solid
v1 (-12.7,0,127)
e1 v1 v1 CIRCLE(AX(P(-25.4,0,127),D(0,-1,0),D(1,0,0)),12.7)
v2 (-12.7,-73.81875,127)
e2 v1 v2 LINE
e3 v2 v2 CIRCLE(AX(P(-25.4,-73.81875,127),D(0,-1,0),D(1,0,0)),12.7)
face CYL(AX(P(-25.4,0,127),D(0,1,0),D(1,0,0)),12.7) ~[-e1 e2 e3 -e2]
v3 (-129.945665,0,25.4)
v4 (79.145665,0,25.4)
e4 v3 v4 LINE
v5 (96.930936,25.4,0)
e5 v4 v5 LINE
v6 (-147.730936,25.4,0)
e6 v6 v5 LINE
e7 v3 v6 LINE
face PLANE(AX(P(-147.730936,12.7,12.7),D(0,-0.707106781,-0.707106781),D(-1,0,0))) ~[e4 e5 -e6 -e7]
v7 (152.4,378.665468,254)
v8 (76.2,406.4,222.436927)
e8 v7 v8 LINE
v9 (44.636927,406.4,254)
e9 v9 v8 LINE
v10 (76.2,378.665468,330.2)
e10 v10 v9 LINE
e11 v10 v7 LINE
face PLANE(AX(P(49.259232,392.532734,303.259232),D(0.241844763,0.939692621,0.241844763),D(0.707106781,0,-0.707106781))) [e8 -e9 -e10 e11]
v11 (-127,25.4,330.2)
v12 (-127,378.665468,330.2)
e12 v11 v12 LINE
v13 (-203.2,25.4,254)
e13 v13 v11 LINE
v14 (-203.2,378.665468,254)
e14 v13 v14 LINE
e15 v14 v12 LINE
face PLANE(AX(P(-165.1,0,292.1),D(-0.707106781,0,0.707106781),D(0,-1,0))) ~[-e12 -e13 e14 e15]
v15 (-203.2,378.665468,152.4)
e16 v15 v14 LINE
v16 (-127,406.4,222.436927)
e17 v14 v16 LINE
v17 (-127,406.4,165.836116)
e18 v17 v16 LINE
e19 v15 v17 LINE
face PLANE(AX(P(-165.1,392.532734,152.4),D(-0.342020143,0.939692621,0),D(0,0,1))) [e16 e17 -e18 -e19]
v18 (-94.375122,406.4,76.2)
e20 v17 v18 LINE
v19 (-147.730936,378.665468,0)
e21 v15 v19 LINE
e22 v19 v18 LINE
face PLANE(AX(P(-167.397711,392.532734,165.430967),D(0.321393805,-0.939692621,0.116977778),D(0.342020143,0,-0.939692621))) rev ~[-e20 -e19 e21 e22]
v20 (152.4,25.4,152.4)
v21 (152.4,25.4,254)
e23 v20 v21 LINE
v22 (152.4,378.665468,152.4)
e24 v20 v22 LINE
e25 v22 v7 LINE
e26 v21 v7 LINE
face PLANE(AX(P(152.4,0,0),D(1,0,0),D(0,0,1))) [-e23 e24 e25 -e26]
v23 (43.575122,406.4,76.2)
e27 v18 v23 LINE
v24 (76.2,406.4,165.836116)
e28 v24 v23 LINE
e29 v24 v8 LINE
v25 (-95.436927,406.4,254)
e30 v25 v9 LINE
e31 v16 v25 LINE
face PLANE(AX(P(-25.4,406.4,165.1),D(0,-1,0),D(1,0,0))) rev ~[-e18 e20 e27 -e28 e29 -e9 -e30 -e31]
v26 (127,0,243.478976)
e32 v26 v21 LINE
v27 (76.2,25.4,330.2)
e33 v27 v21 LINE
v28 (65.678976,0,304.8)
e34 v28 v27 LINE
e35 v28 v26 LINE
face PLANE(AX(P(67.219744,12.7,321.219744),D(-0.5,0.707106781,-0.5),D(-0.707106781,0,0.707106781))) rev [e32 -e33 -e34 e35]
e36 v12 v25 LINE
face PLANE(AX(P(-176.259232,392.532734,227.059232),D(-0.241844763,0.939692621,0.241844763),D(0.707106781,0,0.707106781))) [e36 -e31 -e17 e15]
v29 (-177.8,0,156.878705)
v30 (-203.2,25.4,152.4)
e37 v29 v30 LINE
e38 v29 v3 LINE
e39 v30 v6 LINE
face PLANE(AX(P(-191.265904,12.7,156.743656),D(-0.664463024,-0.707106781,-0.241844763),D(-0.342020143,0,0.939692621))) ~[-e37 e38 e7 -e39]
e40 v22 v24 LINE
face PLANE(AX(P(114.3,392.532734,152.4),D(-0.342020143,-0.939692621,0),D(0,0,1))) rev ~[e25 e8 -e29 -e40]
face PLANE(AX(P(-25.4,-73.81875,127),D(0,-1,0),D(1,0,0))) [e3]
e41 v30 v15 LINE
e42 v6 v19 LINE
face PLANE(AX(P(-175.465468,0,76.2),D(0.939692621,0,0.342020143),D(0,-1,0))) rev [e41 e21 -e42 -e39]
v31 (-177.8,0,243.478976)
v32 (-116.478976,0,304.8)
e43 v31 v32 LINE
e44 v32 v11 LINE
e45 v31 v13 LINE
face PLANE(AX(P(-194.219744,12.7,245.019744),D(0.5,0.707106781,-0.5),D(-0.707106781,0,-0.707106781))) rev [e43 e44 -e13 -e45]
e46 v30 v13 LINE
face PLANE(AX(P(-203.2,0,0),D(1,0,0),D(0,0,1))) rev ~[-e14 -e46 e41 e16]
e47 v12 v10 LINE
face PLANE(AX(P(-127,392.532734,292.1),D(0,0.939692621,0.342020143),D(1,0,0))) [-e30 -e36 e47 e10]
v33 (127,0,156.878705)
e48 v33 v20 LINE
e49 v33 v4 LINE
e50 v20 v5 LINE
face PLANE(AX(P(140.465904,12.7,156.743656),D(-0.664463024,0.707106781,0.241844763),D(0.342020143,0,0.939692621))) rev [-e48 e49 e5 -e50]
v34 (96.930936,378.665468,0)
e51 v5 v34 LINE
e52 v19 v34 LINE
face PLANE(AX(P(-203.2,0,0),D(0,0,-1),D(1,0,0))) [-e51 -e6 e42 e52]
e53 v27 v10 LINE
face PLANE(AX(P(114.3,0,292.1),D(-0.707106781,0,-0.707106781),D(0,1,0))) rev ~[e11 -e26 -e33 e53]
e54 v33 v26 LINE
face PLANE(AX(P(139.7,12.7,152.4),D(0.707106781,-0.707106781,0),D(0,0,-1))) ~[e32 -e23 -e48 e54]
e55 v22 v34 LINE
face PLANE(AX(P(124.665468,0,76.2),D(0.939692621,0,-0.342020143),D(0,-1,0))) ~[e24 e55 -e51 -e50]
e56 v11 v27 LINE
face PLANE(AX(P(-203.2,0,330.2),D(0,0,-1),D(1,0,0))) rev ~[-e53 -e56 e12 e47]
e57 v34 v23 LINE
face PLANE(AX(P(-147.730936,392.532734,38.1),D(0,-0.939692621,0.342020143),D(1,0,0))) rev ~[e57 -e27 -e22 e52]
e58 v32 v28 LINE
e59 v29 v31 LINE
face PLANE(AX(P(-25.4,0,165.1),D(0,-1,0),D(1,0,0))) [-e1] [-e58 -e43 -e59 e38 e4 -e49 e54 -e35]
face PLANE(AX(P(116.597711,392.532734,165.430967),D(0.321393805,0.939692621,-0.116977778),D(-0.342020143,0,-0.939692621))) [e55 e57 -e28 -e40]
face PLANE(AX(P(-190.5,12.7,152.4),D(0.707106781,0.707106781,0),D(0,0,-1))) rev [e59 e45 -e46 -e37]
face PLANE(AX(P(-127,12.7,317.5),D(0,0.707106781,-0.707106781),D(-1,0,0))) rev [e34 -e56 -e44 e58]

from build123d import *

# Parameters (mm, degrees)
F0_W       = 355.6
F0_H       = 330.2
F0_R       = 12.7
F1_DEPTH   = 406.4
F2_DEPTH   = 73.81875
F3_SIZE    = 76.2
F4_SIZE2   = 55.4690637022
F4_SIZE    = 152.4
F4_2_SIZE2 = 55.4690637022
F4_2_SIZE  = 152.4
F5_SIZE    = 25.4
F6_SIZE2   = 76.2
F6_SIZE    = 27.7345318511


with BuildPart() as f1:
    # F0 (on Front) → F1 (new body)
    with BuildSketch(Plane.XZ):
        with Locations((-25.4, 165.1)):
            Rectangle(F0_W, F0_H)
        with Locations((-25.4, 127)):
            Circle(F0_R, mode=Mode.SUBTRACT)
        with Locations((-25.4, 127)):
            Circle(F0_R)
    extrude(amount=-F1_DEPTH)

    # F0 (on Front) → F2 (join)
    with BuildSketch(Plane.XZ):
        with Locations((-25.4, 127)):
            Circle(F0_R)
    extrude(amount=F2_DEPTH)

    # F3
    f3_edges = [f1.edges().sort_by_distance(p)[0] for p in [
        (-203.2, 203.2, 330.2),
        (152.4, 203.2, 330.2),
    ]]
    chamfer(f3_edges, length=F3_SIZE)

    # F4
    f4_edges = [f1.edges().sort_by_distance(p)[0] for p in [
        (-203.2, 203.2, 0),
    ]]
    f4_side = f1.faces().sort_by_distance((-203.2, 203.2, 127))[0]
    chamfer(f4_edges, length=F4_SIZE, length2=F4_SIZE2, reference=f4_side)

    # F4#2
    f4_2_edges = [f1.edges().sort_by_distance(p)[0] for p in [
        (152.4, 203.2, 0),
    ]]
    f4_2_side = f1.faces().sort_by_distance((152.4, 203.2, 127))[0]
    chamfer(f4_2_edges, length=F4_2_SIZE, length2=F4_2_SIZE2, reference=f4_2_side)

    # F5
    f5_edges = [f1.edges().sort_by_distance(p)[0] for p in [
        (-165.1, 0, 292.1),
        (-203.2, 0, 203.2),
        (-175.465468, 0, 76.2),
        (-25.4, 0, 0),
        (124.665468, 0, 76.2),
        (152.4, 0, 203.2),
        (114.3, 0, 292.1),
        (-25.4, 0, 330.2),
    ]]
    chamfer(f5_edges, length=F5_SIZE)

    # F6
    f6_edges = [f1.edges().sort_by_distance(p)[0] for p in [
        (-175.465468, 406.4, 76.2),
        (-203.2, 406.4, 203.2),
        (-165.1, 406.4, 292.1),
        (-25.4, 406.4, 330.2),
        (-25.4, 406.4, 0),
        (124.665468, 406.4, 76.2),
        (152.4, 406.4, 203.2),
        (114.3, 406.4, 292.1),
    ]]
    chamfer(f6_edges, length=F6_SIZE, length2=F6_SIZE2)


solid = f1.part
